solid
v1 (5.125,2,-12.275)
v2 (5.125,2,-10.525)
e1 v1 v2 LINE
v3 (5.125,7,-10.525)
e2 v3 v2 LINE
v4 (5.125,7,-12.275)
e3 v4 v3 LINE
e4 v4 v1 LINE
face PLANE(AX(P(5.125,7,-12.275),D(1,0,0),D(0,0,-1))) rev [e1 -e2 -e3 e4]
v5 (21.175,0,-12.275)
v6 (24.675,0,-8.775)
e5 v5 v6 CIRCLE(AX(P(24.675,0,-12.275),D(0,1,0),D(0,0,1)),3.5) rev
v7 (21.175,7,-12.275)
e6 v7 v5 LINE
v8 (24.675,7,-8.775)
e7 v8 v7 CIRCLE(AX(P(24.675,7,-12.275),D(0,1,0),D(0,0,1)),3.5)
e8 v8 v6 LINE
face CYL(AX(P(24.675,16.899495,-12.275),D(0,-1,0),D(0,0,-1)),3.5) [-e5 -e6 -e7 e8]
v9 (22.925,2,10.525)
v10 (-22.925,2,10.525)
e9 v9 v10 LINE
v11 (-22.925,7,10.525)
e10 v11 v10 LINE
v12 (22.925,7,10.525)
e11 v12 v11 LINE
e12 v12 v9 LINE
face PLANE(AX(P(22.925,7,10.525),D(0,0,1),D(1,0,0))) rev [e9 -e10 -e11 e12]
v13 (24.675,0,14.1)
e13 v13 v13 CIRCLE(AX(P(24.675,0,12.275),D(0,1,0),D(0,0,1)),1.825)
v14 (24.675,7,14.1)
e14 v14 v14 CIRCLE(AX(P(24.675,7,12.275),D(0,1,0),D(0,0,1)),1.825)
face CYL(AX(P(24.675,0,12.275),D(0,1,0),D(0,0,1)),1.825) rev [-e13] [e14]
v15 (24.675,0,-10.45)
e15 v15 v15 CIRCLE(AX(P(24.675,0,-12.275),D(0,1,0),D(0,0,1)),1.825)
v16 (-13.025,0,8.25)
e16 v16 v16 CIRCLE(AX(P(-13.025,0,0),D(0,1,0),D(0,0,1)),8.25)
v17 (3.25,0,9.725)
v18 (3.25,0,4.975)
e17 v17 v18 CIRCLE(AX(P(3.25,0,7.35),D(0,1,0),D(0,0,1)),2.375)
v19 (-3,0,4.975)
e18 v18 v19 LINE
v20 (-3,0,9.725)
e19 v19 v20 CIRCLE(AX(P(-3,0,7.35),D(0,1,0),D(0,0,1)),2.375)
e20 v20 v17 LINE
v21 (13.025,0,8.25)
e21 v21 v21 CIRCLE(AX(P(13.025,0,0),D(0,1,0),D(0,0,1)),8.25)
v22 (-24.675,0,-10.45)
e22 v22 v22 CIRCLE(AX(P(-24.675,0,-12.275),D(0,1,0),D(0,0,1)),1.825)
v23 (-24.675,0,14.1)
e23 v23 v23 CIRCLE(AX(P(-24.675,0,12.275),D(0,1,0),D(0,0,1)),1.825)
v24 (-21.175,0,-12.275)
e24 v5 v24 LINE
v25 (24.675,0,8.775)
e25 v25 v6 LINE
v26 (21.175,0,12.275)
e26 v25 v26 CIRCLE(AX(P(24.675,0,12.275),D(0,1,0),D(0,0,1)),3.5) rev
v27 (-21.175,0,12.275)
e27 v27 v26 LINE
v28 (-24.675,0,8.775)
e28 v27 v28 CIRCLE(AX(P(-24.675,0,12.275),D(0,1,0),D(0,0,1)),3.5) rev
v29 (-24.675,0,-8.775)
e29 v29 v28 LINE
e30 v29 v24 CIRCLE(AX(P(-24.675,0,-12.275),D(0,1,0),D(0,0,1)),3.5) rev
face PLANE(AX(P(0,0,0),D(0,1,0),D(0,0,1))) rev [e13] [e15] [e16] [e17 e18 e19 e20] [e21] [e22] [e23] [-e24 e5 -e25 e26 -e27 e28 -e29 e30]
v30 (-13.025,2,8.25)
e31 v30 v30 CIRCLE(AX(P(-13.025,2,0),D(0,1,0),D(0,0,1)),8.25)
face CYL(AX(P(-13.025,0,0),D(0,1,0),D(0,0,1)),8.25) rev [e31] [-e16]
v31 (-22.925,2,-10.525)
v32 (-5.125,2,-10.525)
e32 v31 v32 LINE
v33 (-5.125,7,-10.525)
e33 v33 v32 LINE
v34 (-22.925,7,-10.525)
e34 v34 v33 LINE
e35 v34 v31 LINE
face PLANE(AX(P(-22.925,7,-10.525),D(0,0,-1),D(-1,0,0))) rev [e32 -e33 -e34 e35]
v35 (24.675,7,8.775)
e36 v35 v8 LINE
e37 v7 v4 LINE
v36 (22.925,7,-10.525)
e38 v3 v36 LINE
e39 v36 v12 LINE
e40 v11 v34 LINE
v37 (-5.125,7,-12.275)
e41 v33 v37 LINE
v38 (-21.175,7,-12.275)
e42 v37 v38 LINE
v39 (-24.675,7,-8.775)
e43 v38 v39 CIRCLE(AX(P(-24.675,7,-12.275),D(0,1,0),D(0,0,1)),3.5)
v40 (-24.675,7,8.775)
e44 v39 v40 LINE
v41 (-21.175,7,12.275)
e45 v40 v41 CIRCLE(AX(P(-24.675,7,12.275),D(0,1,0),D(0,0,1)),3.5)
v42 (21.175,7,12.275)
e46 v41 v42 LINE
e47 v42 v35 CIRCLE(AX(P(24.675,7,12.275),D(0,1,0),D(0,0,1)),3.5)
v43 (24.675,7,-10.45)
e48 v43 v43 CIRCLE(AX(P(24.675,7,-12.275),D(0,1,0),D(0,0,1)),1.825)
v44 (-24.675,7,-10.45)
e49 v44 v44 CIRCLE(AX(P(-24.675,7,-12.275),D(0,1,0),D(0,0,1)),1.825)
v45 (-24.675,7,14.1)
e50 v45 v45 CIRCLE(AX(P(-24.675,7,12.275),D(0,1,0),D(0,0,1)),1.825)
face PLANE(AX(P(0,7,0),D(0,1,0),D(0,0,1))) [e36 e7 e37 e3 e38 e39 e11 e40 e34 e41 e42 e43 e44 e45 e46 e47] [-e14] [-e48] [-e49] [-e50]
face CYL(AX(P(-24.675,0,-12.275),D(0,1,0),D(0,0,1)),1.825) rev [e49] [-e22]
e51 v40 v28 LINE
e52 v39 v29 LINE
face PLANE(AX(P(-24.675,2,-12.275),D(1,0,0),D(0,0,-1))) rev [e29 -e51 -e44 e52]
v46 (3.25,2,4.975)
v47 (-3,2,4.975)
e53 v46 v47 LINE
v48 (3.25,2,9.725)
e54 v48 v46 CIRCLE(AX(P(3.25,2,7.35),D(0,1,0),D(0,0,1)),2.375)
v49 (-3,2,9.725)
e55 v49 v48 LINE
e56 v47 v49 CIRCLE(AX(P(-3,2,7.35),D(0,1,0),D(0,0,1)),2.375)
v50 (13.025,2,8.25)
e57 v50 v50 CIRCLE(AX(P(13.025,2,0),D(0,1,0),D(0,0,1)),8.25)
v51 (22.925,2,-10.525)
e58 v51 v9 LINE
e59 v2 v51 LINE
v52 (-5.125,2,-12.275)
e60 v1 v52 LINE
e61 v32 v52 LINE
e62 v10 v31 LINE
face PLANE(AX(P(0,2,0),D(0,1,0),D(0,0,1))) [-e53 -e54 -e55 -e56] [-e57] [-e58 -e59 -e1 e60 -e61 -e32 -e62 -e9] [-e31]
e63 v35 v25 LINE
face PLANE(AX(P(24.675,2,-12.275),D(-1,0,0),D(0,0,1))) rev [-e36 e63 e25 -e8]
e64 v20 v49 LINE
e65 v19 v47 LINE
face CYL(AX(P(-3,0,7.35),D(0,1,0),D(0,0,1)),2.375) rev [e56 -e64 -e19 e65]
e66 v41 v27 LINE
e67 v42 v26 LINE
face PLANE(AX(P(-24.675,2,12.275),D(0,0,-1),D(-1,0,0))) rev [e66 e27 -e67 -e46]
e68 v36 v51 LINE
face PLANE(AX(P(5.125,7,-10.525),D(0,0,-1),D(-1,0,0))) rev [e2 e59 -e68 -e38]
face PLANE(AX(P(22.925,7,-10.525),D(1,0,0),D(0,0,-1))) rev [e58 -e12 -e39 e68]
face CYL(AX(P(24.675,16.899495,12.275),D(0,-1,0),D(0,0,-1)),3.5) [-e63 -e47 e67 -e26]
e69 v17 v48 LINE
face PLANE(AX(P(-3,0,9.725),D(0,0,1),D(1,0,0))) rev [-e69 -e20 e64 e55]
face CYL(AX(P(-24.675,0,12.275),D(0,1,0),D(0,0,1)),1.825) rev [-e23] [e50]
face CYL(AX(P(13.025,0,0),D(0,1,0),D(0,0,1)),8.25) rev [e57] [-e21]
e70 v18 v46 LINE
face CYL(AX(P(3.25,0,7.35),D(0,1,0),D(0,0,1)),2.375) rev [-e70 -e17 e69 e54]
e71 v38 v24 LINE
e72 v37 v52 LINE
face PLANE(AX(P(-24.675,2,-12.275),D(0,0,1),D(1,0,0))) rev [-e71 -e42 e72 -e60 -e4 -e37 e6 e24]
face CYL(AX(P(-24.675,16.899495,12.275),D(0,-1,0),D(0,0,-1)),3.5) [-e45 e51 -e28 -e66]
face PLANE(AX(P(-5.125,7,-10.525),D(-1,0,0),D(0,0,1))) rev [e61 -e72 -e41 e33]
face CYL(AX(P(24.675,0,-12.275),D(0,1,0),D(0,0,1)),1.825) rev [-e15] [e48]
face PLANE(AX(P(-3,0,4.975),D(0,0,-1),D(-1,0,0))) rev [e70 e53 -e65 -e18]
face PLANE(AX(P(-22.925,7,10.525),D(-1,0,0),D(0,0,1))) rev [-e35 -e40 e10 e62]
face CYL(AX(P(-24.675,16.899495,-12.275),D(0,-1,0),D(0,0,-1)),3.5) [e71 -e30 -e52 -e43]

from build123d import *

# Parameters (mm, degrees)
SKETCH1_W               = 49.35
SKETCH1_H               = 24.55
BOSS_EXTRUDE1_DEPTH     = 2
BOSS_EXTRUDE2_DEPTH     = 5
BOSS_EXTRUDE3_START     = -2
BOSS_EXTRUDE3_DEPTH     = 7
CUT_EXTRUDE1_DEPTH      = 33.675392117
CUT_EXTRUDE1_DEPTH_BACK = 33.675392117
SKETCH3_R               = 8.25
SKETCH3_R_2             = 1.825


with BuildPart() as part:
    # Sketch1 → Boss-Extrude1 (new body)
    with BuildSketch(Plane(origin=(0, 0, 0), x_dir=(1, 0, 0), z_dir=(0, 1, 0))):
        Rectangle(SKETCH1_W, SKETCH1_H)
    extrude(amount=BOSS_EXTRUDE1_DEPTH)

    # Sketch2 → Boss-Extrude2 (add)
    with BuildSketch(Plane(origin=(0, 2, 0), x_dir=(1, 0, 0), z_dir=(0, 1, 0))):
        Polygon((-24.675, 12.275), (-24.675, -12.275), (24.675, -12.275), (24.675, 12.275), (5.125, 12.275), (5.125, 10.525), (22.925, 10.525), (22.925, -10.525), (-22.925, -10.525), (-22.925, 10.525), (-5.125, 10.525), (-5.125, 12.275), align=None)
    extrude(amount=BOSS_EXTRUDE2_DEPTH)

    # Sketch4 → Boss-Extrude3 (add)
    with BuildSketch(Plane(origin=(0, 2, 0), x_dir=(1, 0, 0), z_dir=(0, 1, 0)).offset(BOSS_EXTRUDE3_START)):
        with BuildLine():
            Line((-24.675, 12.275), (-24.675, 8.775))
            ThreePointArc((-24.675, 8.775), (-27.149873734, 14.749873734), (-21.175, 12.275))
            Line((-21.175, 12.275), (-24.675, 12.275))
        make_face()
        with BuildLine():
            Line((-24.675, -12.275), (-24.675, -8.775))
            ThreePointArc((-24.675, -8.775), (-27.149873734, -14.749873734), (-21.175, -12.275))
            Line((-21.175, -12.275), (-24.675, -12.275))
        make_face()
        with BuildLine():
            Line((24.675, -12.275), (21.175, -12.275))
            ThreePointArc((21.175, -12.275), (27.149873734, -14.749873734), (24.675, -8.775))
            Line((24.675, -8.775), (24.675, -12.275))
        make_face()
        with BuildLine():
            Line((24.675, 8.775), (24.675, 12.275))
            Line((24.675, 12.275), (21.175, 12.275))
            ThreePointArc((21.175, 12.275), (27.149873734, 14.749873734), (24.675, 8.775))
        make_face()
    extrude(amount=BOSS_EXTRUDE3_DEPTH)

    # Sketch3 → Cut-Extrude1 (cut, two sides: drawn at the far end of the back side and taken through both)
    with BuildSketch(Plane(origin=(0, 2, 0), x_dir=(1, 0, 0), z_dir=(0, 1, 0)).offset(-CUT_EXTRUDE1_DEPTH_BACK)):
        with Locations(Location((-13.025, 0, 0), (0, 0, 270))):
            Circle(SKETCH3_R)
        with Locations(Location((13.025, 0, 0), (0, 0, 270))):
            Circle(SKETCH3_R)
        with Locations(Location((-24.675, 12.275, 0), (0, 0, 270))):
            Circle(SKETCH3_R_2)
        with Locations(Location((-24.675, -12.275, 0), (0, 0, 270))):
            Circle(SKETCH3_R_2)
        with Locations(Location((24.675, 12.275, 0), (0, 0, 270))):
            Circle(SKETCH3_R_2)
        with Locations(Location((24.675, -12.275, 0), (0, 0, 270))):
            Circle(SKETCH3_R_2)
        with BuildLine():
            Line((-3, -4.975), (3.25, -4.975))
            ThreePointArc((3.25, -4.975), (5.625, -7.35), (3.25, -9.725))
            Line((3.25, -9.725), (-3, -9.725))
            ThreePointArc((-3, -9.725), (-5.375, -7.35), (-3, -4.975))
        make_face()
    extrude(amount=CUT_EXTRUDE1_DEPTH + CUT_EXTRUDE1_DEPTH_BACK, mode=Mode.SUBTRACT)


solid = part.part
